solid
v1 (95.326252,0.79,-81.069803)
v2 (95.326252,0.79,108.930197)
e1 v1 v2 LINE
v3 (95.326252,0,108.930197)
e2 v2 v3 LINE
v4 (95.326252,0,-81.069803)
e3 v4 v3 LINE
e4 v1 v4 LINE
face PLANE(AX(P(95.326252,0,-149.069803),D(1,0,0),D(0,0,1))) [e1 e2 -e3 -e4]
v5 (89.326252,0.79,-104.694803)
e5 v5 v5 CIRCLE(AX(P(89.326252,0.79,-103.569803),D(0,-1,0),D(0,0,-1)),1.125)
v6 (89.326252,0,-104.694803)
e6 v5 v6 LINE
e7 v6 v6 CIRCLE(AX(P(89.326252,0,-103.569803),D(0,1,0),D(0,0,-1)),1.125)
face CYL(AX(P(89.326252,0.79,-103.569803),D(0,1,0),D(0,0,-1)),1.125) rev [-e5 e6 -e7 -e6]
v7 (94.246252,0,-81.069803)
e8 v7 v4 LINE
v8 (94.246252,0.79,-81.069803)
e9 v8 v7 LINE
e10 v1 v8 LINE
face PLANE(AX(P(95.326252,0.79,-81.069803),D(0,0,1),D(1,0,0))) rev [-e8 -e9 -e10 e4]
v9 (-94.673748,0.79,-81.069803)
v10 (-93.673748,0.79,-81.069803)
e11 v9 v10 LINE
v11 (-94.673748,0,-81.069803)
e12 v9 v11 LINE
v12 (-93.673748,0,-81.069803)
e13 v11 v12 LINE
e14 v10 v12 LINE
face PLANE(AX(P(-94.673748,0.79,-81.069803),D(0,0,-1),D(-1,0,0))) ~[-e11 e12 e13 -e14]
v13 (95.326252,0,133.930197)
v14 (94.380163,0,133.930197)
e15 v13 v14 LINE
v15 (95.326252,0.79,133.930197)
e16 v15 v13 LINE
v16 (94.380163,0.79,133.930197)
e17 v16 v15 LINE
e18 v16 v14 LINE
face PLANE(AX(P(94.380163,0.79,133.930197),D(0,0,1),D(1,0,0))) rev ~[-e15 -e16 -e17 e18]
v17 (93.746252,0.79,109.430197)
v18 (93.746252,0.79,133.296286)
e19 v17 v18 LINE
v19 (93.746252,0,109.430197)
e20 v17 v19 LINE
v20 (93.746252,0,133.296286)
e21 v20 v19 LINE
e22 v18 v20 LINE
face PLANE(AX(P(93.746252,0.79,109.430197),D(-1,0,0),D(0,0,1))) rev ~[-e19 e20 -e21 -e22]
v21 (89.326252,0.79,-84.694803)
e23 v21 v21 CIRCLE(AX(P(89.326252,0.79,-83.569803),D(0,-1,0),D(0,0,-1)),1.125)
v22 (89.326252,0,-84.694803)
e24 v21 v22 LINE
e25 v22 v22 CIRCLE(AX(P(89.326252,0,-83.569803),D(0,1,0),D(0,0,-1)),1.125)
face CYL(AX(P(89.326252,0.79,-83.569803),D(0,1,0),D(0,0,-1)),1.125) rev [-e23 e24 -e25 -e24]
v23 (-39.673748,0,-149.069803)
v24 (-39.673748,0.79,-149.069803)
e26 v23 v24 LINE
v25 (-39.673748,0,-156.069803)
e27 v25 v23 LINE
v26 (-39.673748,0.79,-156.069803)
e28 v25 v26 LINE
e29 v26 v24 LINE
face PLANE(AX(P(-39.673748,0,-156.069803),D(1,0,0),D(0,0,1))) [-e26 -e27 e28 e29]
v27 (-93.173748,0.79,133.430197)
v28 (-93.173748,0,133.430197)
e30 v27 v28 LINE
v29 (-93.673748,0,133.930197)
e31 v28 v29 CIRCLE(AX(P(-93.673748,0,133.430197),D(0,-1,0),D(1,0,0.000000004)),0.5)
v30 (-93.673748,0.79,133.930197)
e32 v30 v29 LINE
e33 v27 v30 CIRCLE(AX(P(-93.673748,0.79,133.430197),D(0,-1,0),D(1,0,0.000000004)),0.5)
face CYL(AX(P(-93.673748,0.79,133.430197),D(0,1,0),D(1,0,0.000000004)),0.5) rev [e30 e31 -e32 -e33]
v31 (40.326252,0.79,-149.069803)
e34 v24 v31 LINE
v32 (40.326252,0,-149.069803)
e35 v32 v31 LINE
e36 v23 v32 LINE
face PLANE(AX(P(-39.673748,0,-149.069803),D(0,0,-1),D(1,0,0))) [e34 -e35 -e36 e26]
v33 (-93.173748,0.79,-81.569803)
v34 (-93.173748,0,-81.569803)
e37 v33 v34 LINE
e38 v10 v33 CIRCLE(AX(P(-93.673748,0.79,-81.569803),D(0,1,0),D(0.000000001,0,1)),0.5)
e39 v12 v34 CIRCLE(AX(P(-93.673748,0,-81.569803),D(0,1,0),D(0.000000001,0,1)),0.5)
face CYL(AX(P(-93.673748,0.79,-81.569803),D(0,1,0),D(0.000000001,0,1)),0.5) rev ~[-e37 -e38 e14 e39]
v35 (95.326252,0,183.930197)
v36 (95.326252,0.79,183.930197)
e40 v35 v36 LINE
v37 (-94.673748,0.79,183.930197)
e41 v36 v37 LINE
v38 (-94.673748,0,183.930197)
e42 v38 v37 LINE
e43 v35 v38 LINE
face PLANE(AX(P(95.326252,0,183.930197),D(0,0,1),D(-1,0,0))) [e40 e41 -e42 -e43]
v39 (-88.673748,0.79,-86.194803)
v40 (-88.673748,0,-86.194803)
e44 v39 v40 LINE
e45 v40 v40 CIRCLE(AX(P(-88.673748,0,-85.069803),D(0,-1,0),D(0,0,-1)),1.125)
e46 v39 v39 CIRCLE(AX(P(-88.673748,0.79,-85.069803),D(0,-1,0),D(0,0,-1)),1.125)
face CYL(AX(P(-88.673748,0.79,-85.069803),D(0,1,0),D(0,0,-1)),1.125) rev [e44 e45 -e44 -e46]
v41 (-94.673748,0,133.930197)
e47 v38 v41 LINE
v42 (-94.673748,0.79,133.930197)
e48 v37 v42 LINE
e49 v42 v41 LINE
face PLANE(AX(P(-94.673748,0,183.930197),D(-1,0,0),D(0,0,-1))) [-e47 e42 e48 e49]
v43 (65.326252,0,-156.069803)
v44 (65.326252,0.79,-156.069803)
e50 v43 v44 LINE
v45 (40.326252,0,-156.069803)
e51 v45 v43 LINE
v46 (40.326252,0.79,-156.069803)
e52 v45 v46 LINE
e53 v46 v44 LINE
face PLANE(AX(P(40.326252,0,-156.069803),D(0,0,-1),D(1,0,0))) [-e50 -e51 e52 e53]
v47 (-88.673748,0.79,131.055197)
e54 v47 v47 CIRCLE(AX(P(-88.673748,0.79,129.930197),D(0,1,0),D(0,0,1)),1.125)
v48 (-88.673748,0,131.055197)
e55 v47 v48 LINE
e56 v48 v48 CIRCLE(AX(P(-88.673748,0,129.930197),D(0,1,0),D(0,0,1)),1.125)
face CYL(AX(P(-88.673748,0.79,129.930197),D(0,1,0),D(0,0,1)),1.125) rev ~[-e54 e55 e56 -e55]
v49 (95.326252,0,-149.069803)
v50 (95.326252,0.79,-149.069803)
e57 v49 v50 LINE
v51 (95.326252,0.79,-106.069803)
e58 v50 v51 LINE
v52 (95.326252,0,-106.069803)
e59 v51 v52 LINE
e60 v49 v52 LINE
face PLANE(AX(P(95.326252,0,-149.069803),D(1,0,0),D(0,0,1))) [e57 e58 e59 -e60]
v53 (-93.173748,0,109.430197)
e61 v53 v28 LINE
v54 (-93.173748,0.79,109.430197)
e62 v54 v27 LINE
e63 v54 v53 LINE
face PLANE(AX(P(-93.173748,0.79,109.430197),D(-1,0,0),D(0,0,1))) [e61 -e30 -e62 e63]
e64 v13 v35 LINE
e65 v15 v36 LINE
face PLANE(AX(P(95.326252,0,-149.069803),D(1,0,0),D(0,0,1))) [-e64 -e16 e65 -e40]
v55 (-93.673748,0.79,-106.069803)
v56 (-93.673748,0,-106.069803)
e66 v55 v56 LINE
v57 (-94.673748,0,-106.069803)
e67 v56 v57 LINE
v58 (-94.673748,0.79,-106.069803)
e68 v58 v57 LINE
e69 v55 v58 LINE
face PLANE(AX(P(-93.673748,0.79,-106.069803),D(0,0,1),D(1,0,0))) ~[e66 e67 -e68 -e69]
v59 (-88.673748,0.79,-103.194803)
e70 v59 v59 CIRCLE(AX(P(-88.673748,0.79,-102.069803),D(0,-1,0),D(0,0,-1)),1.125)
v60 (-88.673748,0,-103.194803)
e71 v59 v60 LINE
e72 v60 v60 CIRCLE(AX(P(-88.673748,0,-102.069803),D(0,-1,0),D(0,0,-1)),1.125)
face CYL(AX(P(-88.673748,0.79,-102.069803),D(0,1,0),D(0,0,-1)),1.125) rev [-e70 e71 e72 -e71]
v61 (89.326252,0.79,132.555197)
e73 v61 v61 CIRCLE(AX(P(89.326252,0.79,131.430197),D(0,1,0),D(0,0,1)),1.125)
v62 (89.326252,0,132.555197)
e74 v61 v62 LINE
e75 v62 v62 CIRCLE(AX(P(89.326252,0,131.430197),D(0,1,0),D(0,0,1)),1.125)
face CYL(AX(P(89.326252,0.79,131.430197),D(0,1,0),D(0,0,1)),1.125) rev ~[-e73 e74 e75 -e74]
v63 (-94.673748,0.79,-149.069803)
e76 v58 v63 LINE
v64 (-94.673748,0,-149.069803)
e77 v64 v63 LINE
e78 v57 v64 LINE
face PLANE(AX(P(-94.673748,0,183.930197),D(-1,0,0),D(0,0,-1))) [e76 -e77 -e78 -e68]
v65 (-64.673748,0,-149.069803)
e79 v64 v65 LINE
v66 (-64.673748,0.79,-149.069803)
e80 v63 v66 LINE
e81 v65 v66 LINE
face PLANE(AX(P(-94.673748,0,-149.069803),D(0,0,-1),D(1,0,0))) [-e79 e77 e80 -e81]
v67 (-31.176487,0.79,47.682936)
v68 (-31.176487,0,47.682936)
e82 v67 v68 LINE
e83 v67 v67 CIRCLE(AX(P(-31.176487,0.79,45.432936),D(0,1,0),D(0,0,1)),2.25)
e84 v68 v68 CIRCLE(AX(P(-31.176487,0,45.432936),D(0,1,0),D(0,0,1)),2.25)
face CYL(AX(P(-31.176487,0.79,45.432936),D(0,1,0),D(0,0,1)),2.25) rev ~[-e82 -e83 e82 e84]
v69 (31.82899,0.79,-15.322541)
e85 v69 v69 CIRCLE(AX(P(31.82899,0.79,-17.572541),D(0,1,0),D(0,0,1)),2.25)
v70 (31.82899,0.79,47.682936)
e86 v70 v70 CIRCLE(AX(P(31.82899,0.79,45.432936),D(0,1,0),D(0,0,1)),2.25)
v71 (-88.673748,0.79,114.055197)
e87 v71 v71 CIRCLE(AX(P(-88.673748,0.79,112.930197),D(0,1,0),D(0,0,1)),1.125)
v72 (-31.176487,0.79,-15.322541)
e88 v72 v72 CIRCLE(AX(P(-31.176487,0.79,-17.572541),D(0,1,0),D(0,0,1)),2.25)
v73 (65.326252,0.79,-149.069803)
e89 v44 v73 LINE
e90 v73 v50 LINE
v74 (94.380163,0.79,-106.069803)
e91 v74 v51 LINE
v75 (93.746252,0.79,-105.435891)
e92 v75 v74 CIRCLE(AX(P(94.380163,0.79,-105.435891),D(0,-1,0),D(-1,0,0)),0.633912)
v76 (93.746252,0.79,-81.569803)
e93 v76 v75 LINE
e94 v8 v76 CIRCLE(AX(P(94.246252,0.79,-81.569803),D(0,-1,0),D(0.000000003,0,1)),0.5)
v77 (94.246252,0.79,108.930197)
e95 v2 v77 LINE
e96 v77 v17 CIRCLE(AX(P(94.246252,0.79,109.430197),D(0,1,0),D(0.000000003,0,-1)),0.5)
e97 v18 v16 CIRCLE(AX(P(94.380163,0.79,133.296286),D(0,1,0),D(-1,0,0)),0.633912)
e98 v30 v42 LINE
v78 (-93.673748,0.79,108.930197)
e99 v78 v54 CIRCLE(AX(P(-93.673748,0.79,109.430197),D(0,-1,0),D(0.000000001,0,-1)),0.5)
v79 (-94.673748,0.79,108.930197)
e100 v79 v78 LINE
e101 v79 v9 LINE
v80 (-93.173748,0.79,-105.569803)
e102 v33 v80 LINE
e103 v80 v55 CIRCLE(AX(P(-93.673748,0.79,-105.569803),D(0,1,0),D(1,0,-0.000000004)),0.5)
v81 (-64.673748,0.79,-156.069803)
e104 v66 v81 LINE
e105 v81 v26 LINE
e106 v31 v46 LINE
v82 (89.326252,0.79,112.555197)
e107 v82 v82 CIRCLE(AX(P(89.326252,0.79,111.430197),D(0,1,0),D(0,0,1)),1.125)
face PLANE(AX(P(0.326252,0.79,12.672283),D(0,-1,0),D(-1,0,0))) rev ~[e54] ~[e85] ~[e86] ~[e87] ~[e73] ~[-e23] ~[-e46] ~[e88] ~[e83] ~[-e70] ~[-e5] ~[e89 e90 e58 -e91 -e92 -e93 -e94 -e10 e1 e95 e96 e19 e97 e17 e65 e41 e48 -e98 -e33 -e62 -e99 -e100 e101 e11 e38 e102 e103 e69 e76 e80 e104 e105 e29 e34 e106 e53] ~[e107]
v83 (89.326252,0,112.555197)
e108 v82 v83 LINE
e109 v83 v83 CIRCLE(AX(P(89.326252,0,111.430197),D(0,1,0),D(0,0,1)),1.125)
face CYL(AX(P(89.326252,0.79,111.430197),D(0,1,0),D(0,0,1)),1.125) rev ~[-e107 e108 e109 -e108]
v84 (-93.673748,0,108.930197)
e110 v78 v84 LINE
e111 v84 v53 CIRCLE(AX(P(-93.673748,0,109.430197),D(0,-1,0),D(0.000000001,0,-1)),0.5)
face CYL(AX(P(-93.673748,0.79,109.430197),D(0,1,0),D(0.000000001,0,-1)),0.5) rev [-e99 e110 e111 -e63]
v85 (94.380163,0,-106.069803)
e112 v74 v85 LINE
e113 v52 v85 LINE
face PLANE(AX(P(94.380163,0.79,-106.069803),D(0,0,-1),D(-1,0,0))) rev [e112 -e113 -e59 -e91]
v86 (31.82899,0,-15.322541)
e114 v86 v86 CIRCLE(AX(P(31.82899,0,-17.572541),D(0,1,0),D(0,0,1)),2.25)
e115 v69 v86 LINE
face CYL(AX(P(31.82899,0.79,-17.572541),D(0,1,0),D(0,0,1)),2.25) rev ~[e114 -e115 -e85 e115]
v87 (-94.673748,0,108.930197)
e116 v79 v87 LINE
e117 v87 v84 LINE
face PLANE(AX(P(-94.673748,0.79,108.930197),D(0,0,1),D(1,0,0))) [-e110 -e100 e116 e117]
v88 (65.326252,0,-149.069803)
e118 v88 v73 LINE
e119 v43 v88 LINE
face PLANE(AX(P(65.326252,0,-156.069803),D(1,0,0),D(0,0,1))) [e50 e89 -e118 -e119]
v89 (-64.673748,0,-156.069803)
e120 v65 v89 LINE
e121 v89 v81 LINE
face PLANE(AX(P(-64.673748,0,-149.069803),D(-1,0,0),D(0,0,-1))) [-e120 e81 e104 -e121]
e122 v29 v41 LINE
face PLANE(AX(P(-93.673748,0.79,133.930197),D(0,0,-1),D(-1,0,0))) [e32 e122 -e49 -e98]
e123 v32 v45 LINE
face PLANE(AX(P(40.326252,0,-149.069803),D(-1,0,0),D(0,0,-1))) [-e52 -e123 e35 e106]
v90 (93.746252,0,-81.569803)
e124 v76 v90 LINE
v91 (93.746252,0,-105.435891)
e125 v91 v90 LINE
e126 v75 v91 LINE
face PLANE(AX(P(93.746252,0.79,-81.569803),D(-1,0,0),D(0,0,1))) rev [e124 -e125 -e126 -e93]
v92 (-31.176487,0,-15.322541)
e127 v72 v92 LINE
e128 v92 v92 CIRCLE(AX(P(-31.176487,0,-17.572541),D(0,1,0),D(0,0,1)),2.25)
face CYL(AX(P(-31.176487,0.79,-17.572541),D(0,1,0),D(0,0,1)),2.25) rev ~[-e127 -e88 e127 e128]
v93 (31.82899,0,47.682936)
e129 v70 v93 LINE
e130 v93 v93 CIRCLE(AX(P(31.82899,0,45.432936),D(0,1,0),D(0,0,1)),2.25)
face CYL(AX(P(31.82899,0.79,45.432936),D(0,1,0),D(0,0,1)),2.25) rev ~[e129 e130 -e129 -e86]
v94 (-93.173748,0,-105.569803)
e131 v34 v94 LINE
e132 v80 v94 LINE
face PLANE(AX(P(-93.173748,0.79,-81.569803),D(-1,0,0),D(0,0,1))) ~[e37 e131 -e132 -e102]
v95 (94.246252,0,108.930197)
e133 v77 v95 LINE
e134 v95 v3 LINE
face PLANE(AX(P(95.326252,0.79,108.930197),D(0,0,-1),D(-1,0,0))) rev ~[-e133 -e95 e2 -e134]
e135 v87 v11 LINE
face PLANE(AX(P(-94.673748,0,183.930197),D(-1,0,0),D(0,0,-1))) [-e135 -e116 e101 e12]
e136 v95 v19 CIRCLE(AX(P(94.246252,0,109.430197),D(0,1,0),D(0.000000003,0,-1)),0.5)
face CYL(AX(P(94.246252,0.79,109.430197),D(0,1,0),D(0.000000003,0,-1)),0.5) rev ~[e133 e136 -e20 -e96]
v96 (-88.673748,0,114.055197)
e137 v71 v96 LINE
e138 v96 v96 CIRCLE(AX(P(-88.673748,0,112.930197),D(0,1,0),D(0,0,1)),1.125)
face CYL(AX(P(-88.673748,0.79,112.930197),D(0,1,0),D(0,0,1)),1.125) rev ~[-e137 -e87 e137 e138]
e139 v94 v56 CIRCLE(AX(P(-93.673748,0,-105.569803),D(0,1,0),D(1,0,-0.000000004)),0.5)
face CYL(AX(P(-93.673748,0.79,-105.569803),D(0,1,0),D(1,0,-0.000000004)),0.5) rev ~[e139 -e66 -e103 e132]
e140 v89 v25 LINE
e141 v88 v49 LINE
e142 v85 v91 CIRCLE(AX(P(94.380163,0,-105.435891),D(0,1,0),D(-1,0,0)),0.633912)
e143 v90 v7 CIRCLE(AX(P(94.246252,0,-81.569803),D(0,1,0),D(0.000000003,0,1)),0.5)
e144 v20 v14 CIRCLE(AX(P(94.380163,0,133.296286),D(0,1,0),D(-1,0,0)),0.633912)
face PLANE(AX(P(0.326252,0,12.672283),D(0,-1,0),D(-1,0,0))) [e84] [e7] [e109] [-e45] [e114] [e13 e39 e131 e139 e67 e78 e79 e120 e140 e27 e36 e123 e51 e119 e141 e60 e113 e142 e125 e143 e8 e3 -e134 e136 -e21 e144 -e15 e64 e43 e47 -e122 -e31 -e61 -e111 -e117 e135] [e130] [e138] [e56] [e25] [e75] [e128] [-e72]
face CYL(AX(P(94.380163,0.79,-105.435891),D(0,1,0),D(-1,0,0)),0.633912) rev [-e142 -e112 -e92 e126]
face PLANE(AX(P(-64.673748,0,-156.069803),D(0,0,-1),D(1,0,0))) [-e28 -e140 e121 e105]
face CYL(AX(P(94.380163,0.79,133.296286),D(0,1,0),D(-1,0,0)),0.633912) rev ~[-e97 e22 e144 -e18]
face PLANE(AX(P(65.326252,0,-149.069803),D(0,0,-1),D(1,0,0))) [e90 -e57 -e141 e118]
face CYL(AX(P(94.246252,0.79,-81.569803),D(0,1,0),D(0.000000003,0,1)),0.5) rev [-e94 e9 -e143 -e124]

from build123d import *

# Parameters (mm, degrees)
PANEL_DEPTH                 = 0.79
SKETCH3_R                   = 1.125
OUTER_HINGE_MOUNT_DEPTH     = 0.79
SKETCH4_R                   = 2.25
MOUNTING_PLATE_HOLES_DEPTH  = 10
SKETCH7_R                   = 1.125
NEW_INNER_HINGE_MOUNT_DEPTH = 10


with BuildPart() as part:
    # Sketch1 → Panel (new body)
    with BuildSketch(Plane(origin=(0, 0, 0), x_dir=(1, 0, 0), z_dir=(0, 1, 0))):
        Polygon((65.326251897, 149.069802731), (95.326251897, 149.069802731), (95.326251897, -183.930197269), (-94.673748103, -183.930197269), (-94.673748103, 149.069802731), (-64.673748103, 149.069802731), (-64.673748103, 156.069802731), (-39.673748103, 156.069802731), (-39.673748103, 149.069802731), (40.326251897, 149.069802731), (40.326251897, 156.069802731), (65.326251897, 156.069802731), align=None)
    extrude(amount=PANEL_DEPTH)

    # Sketch3 → Outer Hinge Mount (cut)
    with BuildSketch(Plane(origin=(0, 0.79, 0), x_dir=(1, 0, 0), z_dir=(0, 1, 0))):
        with Locations(Location((-88.673748103, -112.930197269, 0), (0, 0, 270))):
            Circle(SKETCH3_R)
        with Locations(Location((-88.673748103, -129.930197269, 0), (0, 0, 270))):
            Circle(SKETCH3_R)
        with BuildLine():
            Line((-94.673748103, -108.930197269), (-93.673748103, -108.930197269))
            ThreePointArc((-93.673748103, -108.930197269), (-93.320194713, -109.076643878), (-93.173748103, -109.430197269))
            Line((-93.173748103, -109.430197269), (-93.173748103, -133.430197269))
            ThreePointArc((-93.173748103, -133.430197269), (-93.320194713, -133.783750659), (-93.673748103, -133.930197269))
            Line((-93.673748103, -133.930197269), (-94.673748103, -133.930197269))
            Line((-94.673748103, -133.930197269), (-94.673748103, -108.930197269))
        make_face()
    outer_hinge_mount = extrude(amount=-OUTER_HINGE_MOUNT_DEPTH, mode=Mode.SUBTRACT)

    # Mirror1: Outer Hinge Mount across plane
    add(outer_hinge_mount.mirror(Plane.XY.offset(13.930197269)), mode=Mode.SUBTRACT)

    # Sketch4 → Mounting Plate Holes (cut)
    with BuildSketch(Plane(origin=(0, 0.79, 0), x_dir=(1, 0, 0), z_dir=(0, 1, 0))):
        with Locations(Location((-31.176486576, 17.572541204, 0), (0, 0, 270))):
            Circle(SKETCH4_R)
        with Locations(Location((31.82899037, 17.572541204, 0), (0, 0, 270))):
            Circle(SKETCH4_R)
        with Locations(Location((31.82899037, -45.432935741, 0), (0, 0, 270))):
            Circle(SKETCH4_R)
        with Locations(Location((-31.176486576, -45.432935741, 0), (0, 0, 270))):
            Circle(SKETCH4_R)
    extrude(amount=-MOUNTING_PLATE_HOLES_DEPTH, mode=Mode.SUBTRACT)

    # Sketch7 → New Inner Hinge Mount (cut)
    with BuildSketch(Plane(origin=(0, 0.79, 0), x_dir=(1, 0, 0), z_dir=(0, 1, 0))):
        with Locations(Location((89.326251897, -111.430197269, 0), (0, 0, 270))):
            Circle(SKETCH7_R)
        with Locations(Location((89.326251897, -131.430197269, 0), (0, 0, 270))):
            Circle(SKETCH7_R)
        with BuildLine():
            Line((95.326251897, -108.930197269), (94.246251897, -108.930197269))
            ThreePointArc((94.246251897, -108.930197269), (93.892698506, -109.076643878), (93.746251897, -109.430197269))
            Line((93.746251897, -109.430197269), (93.746251897, -133.296285761))
            ThreePointArc((93.746251897, -133.296285761), (93.931920279, -133.744528887), (94.380163405, -133.930197269))
            Line((94.380163405, -133.930197269), (95.326251897, -133.930197269))
            Line((95.326251897, -133.930197269), (95.326251897, -108.930197269))
        make_face()
    new_inner_hinge_mount = extrude(amount=-NEW_INNER_HINGE_MOUNT_DEPTH, mode=Mode.SUBTRACT)

    # Mirror3: New Inner Hinge Mount across plane
    add(new_inner_hinge_mount.mirror(Plane.XY.offset(13.930197269)), mode=Mode.SUBTRACT)


solid = part.part
